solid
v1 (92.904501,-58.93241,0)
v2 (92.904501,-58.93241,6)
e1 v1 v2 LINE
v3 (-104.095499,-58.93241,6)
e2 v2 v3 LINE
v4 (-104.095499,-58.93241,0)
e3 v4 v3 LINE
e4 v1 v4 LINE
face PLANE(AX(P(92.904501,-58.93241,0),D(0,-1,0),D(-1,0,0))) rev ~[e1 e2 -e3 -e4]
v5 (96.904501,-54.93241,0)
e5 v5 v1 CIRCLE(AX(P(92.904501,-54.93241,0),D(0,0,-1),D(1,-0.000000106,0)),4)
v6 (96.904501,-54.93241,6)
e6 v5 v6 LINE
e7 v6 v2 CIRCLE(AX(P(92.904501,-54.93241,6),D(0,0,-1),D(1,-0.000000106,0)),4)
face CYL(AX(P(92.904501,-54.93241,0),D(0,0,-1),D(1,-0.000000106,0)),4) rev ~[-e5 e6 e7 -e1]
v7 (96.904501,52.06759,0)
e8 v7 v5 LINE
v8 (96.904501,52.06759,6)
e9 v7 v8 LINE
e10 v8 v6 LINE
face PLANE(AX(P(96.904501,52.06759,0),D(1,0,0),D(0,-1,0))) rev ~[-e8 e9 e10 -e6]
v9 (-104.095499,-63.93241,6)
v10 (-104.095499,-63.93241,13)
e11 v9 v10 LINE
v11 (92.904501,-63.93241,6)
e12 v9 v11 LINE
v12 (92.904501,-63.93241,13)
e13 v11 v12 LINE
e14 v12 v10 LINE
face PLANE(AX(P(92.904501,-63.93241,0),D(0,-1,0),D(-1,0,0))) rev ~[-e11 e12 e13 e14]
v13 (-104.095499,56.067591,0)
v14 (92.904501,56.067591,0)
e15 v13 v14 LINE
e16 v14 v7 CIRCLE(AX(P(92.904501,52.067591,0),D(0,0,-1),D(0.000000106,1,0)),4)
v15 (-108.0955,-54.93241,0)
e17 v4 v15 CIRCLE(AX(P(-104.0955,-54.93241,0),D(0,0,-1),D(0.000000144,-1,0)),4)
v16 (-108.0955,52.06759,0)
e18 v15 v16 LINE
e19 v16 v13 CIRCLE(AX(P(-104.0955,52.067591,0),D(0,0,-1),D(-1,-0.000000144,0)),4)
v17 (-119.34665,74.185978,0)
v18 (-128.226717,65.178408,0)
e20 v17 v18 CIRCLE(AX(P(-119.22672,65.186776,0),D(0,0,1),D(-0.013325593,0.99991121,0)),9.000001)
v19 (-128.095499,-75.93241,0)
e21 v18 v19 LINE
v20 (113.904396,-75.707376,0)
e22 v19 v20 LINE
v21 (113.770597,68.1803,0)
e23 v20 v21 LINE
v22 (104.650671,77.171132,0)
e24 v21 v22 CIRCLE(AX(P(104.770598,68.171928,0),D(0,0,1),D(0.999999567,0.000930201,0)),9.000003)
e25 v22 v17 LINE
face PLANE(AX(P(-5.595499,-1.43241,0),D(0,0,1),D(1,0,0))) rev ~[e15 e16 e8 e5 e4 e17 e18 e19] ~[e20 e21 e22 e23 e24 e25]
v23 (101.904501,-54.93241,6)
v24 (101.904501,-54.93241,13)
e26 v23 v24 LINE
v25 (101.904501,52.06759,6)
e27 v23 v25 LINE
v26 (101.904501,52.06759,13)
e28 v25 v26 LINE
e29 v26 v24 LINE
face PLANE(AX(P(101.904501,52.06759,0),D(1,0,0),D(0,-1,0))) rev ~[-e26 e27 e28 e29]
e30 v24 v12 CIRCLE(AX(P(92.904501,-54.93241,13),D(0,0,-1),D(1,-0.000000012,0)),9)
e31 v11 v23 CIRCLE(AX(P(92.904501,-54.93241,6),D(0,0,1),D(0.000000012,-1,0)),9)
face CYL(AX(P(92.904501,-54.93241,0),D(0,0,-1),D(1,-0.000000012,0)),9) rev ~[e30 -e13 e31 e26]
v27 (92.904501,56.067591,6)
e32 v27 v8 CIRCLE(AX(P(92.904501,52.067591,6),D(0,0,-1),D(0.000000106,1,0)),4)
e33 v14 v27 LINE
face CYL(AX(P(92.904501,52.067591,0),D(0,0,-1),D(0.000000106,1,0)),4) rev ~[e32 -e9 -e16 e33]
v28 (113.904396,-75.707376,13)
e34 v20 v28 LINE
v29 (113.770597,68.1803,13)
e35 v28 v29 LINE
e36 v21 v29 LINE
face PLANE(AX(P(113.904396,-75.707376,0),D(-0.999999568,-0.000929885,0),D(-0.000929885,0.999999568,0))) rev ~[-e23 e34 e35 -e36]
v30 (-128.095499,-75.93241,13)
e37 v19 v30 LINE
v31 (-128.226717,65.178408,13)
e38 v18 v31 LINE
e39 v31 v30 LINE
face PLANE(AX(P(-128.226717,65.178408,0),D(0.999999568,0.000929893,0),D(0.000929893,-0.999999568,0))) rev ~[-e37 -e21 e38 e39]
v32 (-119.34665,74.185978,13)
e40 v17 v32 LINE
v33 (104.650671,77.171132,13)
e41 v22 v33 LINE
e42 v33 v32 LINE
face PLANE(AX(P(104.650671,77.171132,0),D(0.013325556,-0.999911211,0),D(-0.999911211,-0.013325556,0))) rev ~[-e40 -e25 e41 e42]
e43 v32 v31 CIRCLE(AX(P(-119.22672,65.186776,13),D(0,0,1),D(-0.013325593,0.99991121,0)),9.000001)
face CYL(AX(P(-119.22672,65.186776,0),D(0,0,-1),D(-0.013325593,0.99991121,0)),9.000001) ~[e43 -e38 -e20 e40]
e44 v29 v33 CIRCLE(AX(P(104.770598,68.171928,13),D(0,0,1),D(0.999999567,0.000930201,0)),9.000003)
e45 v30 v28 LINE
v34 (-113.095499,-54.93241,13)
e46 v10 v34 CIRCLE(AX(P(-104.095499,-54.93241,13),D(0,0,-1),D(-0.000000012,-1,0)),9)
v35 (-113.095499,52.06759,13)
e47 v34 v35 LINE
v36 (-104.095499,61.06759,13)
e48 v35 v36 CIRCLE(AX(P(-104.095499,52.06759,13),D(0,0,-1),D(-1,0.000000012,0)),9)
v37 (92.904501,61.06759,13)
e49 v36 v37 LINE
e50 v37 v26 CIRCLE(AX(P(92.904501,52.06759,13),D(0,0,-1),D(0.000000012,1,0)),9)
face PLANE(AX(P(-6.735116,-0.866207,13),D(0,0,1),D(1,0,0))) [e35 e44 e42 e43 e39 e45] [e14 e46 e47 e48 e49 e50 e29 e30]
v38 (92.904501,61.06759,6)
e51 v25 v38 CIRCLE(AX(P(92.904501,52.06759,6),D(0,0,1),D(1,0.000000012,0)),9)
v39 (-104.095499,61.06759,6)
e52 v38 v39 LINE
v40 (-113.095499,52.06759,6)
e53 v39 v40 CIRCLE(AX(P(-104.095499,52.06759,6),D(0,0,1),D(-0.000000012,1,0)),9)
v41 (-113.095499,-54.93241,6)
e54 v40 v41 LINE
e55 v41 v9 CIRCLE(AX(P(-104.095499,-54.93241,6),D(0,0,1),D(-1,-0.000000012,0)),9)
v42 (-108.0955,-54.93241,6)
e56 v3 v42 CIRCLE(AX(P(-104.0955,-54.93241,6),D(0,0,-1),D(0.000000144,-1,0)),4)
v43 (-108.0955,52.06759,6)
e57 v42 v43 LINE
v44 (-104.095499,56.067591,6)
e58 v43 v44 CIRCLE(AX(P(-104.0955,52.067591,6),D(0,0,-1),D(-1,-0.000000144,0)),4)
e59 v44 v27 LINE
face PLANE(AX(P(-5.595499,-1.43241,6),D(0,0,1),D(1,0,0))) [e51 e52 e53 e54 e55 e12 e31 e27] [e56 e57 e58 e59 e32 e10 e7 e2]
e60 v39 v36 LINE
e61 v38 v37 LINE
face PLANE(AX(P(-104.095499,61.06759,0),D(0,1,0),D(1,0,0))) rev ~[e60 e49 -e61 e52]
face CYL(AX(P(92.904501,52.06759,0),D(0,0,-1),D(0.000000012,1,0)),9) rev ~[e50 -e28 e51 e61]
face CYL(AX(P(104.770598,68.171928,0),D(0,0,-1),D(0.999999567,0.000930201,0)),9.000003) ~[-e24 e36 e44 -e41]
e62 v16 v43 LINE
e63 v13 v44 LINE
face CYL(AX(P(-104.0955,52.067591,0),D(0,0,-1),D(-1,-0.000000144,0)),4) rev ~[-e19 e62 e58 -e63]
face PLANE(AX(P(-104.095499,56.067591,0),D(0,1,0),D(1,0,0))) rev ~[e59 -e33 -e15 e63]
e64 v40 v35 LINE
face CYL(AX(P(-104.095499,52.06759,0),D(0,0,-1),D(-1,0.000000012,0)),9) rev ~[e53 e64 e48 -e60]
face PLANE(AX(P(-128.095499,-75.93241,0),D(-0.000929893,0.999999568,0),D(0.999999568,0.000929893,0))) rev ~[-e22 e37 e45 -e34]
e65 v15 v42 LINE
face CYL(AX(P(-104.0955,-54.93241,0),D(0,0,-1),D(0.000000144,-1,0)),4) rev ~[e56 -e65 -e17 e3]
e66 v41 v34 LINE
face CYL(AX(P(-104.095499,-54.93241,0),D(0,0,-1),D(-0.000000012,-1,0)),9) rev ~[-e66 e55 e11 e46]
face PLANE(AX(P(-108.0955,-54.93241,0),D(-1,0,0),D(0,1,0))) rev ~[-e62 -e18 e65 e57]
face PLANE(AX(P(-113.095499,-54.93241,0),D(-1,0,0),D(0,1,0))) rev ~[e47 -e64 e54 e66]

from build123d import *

# Parameters (mm, degrees)
F1_DEPTH = 13
F2_DEPTH = 6


with BuildPart() as f1:
    # F0 (on Top) → F1 (new body)
    with BuildSketch(Plane.XY):
        with BuildLine():
            Line((-128.226717, 65.178408), (-128.095499, -75.93241))
            Line((-128.095499, -75.93241), (113.904396, -75.707376))
            Line((113.904396, -75.707376), (113.770597, 68.1803))
            ThreePointArc((113.770597, 68.1803), (111.089038, 74.581091), (104.650671, 77.171132))
            Line((104.650671, 77.171132), (-119.34665, 74.185978))
            ThreePointArc((-119.34665, 74.185978), (-125.635881, 71.505215), (-128.226717, 65.178408))
        make_face()
        with BuildLine():
            Line((92.904501, -63.93241), (-104.095499, -63.93241))
            ThreePointArc((-104.095499, -63.93241), (-110.45946, -61.296371), (-113.095499, -54.93241))
            Line((-113.095499, -54.93241), (-113.095499, 52.06759))
            ThreePointArc((-113.095499, 52.06759), (-110.45946, 58.431551), (-104.095499, 61.06759))
            Line((-104.095499, 61.06759), (92.904501, 61.06759))
            ThreePointArc((92.904501, 61.06759), (99.268462, 58.431551), (101.904501, 52.06759))
            Line((101.904501, 52.06759), (101.904501, -54.93241))
            ThreePointArc((101.904501, -54.93241), (99.268462, -61.296371), (92.904501, -63.93241))
        make_face(mode=Mode.SUBTRACT)
    extrude(amount=F1_DEPTH)

    # F0 (on Top) → F2 (join)
    with BuildSketch(Plane.XY):
        with BuildLine():
            ThreePointArc((-113.095499, -54.93241), (-110.45946, -61.296371), (-104.095499, -63.93241))
            Line((-104.095499, -63.93241), (92.904501, -63.93241))
            ThreePointArc((92.904501, -63.93241), (99.268462, -61.296371), (101.904501, -54.93241))
            Line((101.904501, -54.93241), (101.904501, 52.06759))
            ThreePointArc((101.904501, 52.06759), (99.268462, 58.431551), (92.904501, 61.06759))
            Line((92.904501, 61.06759), (-104.095499, 61.06759))
            ThreePointArc((-104.095499, 61.06759), (-110.45946, 58.431551), (-113.095499, 52.06759))
            Line((-113.095499, 52.06759), (-113.095499, -54.93241))
        make_face()
        with BuildLine():
            ThreePointArc((96.904501, -54.93241), (95.732928, -57.760837), (92.904501, -58.93241))
            Line((92.904501, -58.93241), (-104.095499, -58.93241))
            ThreePointArc((-104.095499, -58.93241), (-106.923927, -57.760837), (-108.0955, -54.93241))
            Line((-108.0955, -54.93241), (-108.0955, 52.06759))
            ThreePointArc((-108.0955, 52.06759), (-106.923927, 54.896018), (-104.095499, 56.067591))
            Line((-104.095499, 56.067591), (92.904501, 56.067591))
            ThreePointArc((92.904501, 56.067591), (95.732928, 54.896018), (96.904501, 52.06759))
            Line((96.904501, 52.06759), (96.904501, -54.93241))
        make_face(mode=Mode.SUBTRACT)
    extrude(amount=F2_DEPTH)


solid = f1.part
